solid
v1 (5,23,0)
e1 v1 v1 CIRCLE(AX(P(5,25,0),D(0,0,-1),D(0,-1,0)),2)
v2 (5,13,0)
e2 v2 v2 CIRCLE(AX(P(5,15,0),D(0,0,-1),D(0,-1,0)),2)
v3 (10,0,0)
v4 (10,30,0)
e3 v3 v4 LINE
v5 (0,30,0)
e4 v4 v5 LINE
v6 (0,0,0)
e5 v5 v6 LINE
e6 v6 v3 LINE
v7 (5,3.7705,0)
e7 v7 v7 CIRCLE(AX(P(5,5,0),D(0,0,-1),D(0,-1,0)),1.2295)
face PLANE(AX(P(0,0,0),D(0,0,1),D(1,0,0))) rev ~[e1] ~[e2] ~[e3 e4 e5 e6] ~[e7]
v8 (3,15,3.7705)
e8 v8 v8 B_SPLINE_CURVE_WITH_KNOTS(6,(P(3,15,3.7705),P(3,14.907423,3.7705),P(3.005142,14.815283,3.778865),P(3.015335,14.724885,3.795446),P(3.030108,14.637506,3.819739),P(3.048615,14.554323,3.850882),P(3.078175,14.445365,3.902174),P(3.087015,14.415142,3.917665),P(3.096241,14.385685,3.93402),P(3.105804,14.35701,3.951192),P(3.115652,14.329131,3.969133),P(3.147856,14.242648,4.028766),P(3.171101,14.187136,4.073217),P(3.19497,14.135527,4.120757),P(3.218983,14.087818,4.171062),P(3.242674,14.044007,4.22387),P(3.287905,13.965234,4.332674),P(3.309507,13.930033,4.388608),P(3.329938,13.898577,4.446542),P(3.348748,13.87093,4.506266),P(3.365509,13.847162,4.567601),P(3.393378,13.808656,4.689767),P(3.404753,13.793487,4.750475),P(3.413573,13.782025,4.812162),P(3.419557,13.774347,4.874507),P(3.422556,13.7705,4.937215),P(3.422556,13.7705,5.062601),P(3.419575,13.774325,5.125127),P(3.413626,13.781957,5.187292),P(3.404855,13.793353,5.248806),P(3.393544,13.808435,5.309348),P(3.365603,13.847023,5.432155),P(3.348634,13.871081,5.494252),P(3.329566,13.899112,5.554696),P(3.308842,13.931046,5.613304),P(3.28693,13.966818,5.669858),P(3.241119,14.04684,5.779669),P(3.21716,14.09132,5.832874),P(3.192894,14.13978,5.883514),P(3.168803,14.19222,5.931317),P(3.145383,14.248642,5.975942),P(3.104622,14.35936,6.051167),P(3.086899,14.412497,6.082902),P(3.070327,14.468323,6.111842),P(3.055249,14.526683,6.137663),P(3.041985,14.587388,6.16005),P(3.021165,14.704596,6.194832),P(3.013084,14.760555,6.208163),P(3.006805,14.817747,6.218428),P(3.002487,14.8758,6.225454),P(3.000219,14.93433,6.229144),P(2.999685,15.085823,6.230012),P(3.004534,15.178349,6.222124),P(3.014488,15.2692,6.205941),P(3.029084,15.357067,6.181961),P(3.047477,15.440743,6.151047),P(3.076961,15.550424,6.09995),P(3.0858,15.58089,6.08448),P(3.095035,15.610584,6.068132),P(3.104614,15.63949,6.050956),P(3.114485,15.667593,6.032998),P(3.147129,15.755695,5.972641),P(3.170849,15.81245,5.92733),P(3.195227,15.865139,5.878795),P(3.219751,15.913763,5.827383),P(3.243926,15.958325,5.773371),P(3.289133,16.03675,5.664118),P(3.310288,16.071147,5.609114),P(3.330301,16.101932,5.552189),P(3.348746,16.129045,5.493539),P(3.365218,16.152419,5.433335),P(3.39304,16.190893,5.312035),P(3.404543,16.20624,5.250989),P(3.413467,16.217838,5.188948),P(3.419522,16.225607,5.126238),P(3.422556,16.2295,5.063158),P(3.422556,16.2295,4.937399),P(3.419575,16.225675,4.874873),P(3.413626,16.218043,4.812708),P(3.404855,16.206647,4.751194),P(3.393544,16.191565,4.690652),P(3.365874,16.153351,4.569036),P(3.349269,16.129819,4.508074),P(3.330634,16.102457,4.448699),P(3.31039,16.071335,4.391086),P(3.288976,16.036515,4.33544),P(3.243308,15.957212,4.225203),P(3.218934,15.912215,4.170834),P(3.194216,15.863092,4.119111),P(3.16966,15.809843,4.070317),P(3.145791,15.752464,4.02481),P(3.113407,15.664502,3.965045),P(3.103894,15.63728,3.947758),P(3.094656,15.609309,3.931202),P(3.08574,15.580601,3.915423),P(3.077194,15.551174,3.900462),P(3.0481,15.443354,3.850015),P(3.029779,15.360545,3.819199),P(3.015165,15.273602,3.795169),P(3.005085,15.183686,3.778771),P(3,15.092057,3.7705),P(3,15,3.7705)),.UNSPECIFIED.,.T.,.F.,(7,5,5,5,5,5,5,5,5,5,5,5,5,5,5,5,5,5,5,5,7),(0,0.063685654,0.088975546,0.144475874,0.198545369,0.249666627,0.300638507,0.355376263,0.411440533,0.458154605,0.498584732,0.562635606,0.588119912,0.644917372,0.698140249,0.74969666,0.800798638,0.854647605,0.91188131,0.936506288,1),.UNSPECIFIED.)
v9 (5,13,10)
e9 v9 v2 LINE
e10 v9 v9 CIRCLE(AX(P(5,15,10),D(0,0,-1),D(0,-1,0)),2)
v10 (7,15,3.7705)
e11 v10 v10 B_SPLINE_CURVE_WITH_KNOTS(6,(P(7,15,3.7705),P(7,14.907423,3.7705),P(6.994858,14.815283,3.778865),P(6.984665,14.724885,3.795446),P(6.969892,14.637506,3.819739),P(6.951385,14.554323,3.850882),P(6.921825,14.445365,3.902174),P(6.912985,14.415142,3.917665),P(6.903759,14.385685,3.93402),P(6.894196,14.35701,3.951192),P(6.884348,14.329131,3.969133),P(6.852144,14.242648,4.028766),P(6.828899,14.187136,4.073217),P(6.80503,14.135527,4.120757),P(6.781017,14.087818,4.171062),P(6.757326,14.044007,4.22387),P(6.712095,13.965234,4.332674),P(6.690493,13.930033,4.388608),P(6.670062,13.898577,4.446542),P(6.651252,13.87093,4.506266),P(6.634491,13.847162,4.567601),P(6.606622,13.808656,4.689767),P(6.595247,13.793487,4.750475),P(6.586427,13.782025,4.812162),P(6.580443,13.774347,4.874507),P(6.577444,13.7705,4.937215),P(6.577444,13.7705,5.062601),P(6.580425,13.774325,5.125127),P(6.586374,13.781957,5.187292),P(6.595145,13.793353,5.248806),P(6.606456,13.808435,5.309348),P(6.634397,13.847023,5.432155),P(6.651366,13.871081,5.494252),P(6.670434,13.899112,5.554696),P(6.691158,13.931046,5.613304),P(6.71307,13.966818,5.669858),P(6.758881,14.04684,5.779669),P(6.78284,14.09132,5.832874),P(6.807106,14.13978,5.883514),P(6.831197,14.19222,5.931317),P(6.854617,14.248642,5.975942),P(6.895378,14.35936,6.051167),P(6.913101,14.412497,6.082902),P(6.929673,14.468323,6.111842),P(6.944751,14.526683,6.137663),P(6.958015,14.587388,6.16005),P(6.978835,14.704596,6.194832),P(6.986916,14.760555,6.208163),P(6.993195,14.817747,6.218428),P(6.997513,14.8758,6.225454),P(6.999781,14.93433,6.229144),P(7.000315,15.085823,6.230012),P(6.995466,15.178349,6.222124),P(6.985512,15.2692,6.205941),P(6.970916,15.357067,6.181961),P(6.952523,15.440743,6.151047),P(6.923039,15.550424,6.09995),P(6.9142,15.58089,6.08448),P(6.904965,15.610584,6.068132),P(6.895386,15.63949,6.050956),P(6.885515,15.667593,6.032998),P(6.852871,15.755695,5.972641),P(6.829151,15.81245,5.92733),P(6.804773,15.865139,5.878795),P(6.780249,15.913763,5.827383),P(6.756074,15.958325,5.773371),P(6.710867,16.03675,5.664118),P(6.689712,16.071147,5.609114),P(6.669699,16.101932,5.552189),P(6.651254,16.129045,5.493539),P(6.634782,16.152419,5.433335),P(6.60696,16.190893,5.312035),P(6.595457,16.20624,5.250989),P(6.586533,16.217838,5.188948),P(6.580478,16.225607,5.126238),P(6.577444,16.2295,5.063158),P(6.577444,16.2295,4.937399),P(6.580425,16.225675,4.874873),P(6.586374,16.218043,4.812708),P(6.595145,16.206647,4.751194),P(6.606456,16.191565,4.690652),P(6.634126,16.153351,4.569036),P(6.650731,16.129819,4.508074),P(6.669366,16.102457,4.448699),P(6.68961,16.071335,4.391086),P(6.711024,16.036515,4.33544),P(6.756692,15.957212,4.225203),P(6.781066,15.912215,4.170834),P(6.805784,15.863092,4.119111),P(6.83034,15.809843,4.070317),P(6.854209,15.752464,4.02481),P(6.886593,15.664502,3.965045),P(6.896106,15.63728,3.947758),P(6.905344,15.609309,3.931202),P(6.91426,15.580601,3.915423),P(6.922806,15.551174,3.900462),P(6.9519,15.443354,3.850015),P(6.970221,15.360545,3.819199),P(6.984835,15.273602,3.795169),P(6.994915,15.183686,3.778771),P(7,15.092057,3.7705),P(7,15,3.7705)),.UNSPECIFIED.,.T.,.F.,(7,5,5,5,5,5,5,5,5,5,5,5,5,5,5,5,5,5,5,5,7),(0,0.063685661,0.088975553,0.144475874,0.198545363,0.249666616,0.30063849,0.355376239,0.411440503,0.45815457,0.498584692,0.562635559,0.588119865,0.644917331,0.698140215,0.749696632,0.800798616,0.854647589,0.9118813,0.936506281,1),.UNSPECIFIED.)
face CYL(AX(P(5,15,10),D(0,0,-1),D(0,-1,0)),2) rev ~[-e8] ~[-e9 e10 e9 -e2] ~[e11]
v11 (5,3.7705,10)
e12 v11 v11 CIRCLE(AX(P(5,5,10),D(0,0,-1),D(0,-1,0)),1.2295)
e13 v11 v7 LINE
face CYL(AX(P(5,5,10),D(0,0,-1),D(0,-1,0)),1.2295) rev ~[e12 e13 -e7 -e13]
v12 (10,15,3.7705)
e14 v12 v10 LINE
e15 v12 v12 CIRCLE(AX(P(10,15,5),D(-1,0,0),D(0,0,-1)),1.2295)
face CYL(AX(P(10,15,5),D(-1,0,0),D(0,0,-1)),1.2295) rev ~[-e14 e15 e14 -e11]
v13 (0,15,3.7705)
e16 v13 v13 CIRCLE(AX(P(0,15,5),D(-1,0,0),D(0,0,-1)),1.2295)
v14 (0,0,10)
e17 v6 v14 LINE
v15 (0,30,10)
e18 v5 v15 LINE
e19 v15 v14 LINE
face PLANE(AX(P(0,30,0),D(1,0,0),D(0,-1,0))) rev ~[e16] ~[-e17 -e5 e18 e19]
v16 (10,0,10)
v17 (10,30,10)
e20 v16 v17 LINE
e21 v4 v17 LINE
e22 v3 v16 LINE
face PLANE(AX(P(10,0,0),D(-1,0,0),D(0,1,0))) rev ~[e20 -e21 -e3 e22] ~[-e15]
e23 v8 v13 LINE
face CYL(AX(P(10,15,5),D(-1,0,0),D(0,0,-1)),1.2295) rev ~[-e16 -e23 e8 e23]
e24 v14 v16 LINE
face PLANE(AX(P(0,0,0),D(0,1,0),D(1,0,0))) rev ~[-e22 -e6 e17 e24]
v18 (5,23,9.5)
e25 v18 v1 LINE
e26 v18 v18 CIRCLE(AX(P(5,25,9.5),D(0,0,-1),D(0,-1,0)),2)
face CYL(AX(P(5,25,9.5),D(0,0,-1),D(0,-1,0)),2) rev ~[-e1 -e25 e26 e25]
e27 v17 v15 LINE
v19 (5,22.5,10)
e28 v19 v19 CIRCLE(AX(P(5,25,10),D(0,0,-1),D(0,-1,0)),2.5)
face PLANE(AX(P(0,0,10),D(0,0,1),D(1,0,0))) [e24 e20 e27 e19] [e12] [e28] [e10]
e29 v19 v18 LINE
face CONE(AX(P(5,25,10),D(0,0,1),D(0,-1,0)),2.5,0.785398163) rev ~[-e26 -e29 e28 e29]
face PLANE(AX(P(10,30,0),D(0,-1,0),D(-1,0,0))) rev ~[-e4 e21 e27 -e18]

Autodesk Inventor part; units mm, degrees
ref_plane "YZ Plane" through (0, 0, 0) normal (1, 0, 0) x (0, 1, 0)
ref_plane "XZ Plane" through (0, 0, 0) normal (0, 1, 0) x (-1, 0, 0)
ref_plane "XY Plane" through (0, 0, 0) normal (0, 0, 1) x (1, 0, 0)
sketch "スケッチ1" plane through (0, 0, 0) normal (0, 0, 1) x (1, 0, 0)
  line L0 (0, 0) -> (10, 0)
  line L1 (10, 0) -> (10, 30)
  line L2 (10, 30) -> (0, 30)
  line L3 (0, 30) -> (0, 0)
  dimension "d0" = 10
  dimension "d1" = 30
extrude "押し出し1" add sketch "スケッチ1" along normal blind 10
sketch "スケッチ2" plane through (0, 0, 10) normal (0, 0, 1) x (1, 0, 0)
  line L0 (10, 30) -> (0, 30) projected
  line L1 (10, 0) -> (10, 30) projected
  point P0 (0, 0)
  point P1 (5, 15)
  dimension "d4" = 15
  dimension "d5" = 5
hole "穴1" at (5, 15, 10) direction (0, 0, -1) diameter 4 end through all
sketch "スケッチ3" plane through (0, 0, 10) normal (0, 0, 1) x (1, 0, 0)
  point P0 (0, 0)
sketch "スケッチ5" plane through (0, 0, 10) normal (0, 0, 1) x (1, 0, 0)
  line L0 (0, 0) -> (10, 0) projected
  line L1 (10, 0) -> (10, 30) projected
  point P0 (5, 5)
  dimension "d22" = 5
  dimension "d23" = 5
hole "穴3" at (5, 5, 10) direction (0, 0, -1) diameter 2.459 end through all thread size "M3x0.5" class "6H" standard "ANSI Metric M Profile"
sketch "スケッチ6" plane through (0, 0, 10) normal (0, 0, 1) x (1, 0, 0)
  point P0 (0, 0)
sketch "スケッチ7" plane through (10, 0, 0) normal (1, 0, 0) x (0, 0, -1)
  line L0 (0, 0) -> (0, 30) projected
  line L1 (0, 30) -> (-10, 30) projected
  point P0 (-5, 15)
  dimension "d31" = 5
  dimension "d32" = 15
hole "穴4" at (10, 15, 5) direction (-1, 0, 0) diameter 2.459 end through all thread size "M3x0.5" class "6H" standard "ANSI Metric M Profile"
sketch "スケッチ8" plane through (0, 0, 10) normal (0, 0, 1) x (1, 0, 0)
  point P0 (0, 0)
sketch "スケッチ10" plane through (0, 0, 10) normal (0, 0, 1) x (1, 0, 0)
  line L0 (10, 0) -> (10, 30) projected
  line L1 (10, 30) -> (0, 30) projected
  point P0 (0, 0)
  point P1 (5, 25)
  dimension "d49" = 5
  dimension "d50" = 5
hole "穴6" at (5, 25, 10) direction (0, 0, -1) diameter 4 depth 10 tip angle 118 countersink diameter 5 countersink angle 90
properties part number "3SR05_振子固定パーツA"
